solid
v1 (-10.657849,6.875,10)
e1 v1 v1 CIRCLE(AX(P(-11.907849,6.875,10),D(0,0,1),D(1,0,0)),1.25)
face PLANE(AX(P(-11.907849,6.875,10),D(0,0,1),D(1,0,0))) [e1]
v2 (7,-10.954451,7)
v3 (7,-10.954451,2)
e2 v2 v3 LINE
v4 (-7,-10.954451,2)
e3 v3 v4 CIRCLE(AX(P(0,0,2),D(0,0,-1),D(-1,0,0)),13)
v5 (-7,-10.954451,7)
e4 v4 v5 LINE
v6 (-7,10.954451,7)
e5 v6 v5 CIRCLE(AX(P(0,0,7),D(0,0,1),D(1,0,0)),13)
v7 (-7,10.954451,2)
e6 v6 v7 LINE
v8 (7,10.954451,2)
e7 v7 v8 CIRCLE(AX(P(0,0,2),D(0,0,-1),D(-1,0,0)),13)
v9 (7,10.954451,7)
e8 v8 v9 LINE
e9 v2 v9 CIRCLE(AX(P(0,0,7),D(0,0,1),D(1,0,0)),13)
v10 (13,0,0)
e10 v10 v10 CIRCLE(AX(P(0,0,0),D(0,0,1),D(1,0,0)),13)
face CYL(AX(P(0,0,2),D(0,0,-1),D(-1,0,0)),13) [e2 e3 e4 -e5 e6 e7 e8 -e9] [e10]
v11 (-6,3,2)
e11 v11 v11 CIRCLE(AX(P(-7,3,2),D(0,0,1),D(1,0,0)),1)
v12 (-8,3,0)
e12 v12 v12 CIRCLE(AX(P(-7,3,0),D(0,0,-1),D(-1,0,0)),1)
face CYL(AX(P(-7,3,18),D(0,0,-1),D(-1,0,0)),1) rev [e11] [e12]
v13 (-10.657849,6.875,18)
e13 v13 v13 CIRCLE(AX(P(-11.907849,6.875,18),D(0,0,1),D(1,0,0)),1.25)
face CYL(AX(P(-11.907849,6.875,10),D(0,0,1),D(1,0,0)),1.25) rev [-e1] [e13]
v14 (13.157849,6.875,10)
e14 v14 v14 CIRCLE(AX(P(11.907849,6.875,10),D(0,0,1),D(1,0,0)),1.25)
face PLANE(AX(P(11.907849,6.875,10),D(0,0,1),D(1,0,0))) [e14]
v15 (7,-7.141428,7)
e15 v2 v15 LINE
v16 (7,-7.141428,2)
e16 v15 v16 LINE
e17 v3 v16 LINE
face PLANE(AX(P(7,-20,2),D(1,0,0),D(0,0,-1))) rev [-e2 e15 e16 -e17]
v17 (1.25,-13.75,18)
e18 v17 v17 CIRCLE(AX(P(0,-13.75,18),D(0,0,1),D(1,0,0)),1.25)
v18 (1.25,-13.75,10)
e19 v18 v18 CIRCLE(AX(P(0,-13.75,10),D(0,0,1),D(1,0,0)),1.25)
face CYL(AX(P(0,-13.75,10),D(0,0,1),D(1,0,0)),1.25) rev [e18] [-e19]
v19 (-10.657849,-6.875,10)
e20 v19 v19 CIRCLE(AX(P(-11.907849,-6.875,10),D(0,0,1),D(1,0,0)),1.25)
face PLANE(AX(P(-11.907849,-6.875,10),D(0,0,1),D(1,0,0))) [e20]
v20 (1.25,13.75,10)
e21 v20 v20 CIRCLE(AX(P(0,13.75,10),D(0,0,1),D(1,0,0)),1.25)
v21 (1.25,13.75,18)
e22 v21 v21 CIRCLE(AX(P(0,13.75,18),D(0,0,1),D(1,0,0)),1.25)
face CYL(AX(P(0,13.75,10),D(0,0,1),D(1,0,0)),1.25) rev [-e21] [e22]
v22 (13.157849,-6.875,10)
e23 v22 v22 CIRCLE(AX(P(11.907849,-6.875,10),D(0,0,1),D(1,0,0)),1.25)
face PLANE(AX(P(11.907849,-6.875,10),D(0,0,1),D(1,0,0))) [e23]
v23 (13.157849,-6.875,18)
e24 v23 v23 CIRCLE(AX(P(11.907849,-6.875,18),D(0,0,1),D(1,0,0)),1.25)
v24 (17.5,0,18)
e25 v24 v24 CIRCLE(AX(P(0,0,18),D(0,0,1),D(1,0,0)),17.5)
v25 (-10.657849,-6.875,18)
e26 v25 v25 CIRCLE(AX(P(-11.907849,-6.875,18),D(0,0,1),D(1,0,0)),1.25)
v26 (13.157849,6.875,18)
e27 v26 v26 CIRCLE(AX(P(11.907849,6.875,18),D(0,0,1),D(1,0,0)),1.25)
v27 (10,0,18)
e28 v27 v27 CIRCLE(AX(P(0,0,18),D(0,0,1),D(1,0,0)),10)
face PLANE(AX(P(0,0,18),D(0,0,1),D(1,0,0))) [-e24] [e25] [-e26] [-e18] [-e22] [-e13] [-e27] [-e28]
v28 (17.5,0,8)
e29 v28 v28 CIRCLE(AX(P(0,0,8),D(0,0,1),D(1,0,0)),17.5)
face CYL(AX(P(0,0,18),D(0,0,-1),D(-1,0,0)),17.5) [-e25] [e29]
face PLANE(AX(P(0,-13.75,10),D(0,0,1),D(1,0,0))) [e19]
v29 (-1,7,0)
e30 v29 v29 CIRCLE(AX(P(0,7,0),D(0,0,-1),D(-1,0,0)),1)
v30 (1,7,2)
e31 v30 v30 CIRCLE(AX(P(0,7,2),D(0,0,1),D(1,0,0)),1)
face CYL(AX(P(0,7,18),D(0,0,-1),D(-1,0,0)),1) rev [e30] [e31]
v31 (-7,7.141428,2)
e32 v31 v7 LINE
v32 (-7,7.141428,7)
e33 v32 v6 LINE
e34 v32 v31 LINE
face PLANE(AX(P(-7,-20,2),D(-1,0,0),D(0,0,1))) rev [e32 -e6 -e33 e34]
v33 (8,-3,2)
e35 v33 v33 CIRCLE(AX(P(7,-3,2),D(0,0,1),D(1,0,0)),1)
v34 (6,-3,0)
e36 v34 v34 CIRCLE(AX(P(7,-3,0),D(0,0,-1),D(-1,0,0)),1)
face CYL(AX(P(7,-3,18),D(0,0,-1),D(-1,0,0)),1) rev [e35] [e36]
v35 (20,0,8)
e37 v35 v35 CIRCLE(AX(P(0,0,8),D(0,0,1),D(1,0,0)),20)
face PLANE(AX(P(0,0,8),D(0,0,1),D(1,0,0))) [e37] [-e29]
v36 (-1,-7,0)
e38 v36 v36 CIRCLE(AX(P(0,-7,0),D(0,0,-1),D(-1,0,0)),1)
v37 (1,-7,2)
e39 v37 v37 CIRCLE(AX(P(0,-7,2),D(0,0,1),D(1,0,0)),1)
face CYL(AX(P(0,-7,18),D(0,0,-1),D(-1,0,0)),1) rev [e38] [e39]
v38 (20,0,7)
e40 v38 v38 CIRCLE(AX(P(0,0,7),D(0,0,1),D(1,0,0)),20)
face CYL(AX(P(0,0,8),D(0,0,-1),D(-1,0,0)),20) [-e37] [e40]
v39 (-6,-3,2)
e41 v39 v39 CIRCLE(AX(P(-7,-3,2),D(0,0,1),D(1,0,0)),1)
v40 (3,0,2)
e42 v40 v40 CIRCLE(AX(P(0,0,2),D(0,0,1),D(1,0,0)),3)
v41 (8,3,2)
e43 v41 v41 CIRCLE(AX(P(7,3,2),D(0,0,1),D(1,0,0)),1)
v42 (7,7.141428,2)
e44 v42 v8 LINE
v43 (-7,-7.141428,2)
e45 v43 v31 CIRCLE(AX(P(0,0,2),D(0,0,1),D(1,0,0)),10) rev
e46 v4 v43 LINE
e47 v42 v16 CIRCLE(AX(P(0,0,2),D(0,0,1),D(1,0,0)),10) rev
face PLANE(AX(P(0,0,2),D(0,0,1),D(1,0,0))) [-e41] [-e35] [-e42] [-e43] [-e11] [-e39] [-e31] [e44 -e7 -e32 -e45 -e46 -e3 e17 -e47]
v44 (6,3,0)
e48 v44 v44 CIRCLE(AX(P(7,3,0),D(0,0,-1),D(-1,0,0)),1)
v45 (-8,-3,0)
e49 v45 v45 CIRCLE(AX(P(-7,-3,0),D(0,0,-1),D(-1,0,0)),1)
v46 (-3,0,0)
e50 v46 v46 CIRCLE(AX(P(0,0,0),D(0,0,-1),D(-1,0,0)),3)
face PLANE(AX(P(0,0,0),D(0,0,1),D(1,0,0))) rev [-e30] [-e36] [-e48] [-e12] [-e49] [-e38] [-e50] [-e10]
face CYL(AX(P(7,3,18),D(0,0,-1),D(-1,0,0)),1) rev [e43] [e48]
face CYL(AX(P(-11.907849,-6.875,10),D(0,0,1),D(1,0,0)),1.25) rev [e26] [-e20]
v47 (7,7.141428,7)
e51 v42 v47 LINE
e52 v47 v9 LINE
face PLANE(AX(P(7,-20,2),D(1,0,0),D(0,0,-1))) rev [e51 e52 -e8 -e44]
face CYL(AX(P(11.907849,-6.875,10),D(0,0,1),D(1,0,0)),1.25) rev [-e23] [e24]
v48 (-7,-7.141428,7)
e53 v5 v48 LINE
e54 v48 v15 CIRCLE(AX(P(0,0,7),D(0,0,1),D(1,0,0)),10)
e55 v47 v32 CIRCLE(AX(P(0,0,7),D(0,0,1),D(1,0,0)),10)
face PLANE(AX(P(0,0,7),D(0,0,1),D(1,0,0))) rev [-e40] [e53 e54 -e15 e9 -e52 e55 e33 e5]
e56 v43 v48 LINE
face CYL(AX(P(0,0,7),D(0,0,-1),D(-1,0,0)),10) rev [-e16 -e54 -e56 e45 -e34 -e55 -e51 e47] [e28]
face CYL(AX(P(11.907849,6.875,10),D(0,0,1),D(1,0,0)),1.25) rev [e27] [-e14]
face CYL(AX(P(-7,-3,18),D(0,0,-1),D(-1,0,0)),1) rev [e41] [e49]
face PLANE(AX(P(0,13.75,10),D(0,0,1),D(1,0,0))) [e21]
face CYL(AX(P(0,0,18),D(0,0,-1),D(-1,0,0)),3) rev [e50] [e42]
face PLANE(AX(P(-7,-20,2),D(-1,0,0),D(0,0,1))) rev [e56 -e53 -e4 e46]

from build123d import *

# Parameters (mm, degrees)
SKETCH_1_R               = 13
EXTRUDE_1_DEPTH          = 2
SKETCH_2_R               = 13
SKETCH_2_R_2             = 10
EXTRUDE_2_DEPTH          = 5
SKETCH_4_R               = 20
SKETCH_4_R_2             = 10
EXTRUDE_3_DEPTH          = 1
SKETCH_5_R               = 17.5
SKETCH_5_R_2             = 10
EXTRUDE_4_DEPTH          = 10
SKETCH_6_R               = 1.25
CUT_EXTRUDE_1_DEPTH      = 8
SKETCH_7_R               = 3
SKETCH_7_R_2             = 1
CUT_EXTRUDE_2_DEPTH      = 34.526109228
CUT_EXTRUDE_3_DEPTH      = 34.526109228
CUT_EXTRUDE_3_DEPTH_BACK = 34.526109228
SKETCH_8_W               = 14
SKETCH_8_H               = 5


with BuildPart() as part:
    # 스케치1 → 보스-돌출1 (new body)
    with BuildSketch(Plane.XY):
        Circle(SKETCH_1_R)
    extrude(amount=EXTRUDE_1_DEPTH)

    # 스케치2 → 보스-돌출2 (add)
    with BuildSketch(Plane.XY.offset(2)):
        Circle(SKETCH_2_R)
        Circle(SKETCH_2_R_2, mode=Mode.SUBTRACT)
    extrude(amount=EXTRUDE_2_DEPTH)

    # 스케치4 → 보스-돌출3 (add)
    with BuildSketch(Plane.XY.offset(7)):
        Circle(SKETCH_4_R)
        Circle(SKETCH_4_R_2, mode=Mode.SUBTRACT)
    extrude(amount=EXTRUDE_3_DEPTH)

    # 스케치5 → 보스-돌출4 (add)
    with BuildSketch(Plane.XY.offset(8)):
        Circle(SKETCH_5_R)
        Circle(SKETCH_5_R_2, mode=Mode.SUBTRACT)
    extrude(amount=EXTRUDE_4_DEPTH)

    # 스케치6 → 컷-돌출1 (cut)
    with BuildSketch(Plane.XY.offset(18)):
        with Locations((11.907849302, 6.875)):
            Circle(SKETCH_6_R)
        with Locations((11.907849302, -6.875)):
            Circle(SKETCH_6_R)
        with Locations((0, -13.75)):
            Circle(SKETCH_6_R)
        with Locations((-11.907849302, -6.875)):
            Circle(SKETCH_6_R)
        with Locations((-11.907849302, 6.875)):
            Circle(SKETCH_6_R)
        with Locations((0, 13.75)):
            Circle(SKETCH_6_R)
    extrude(amount=-CUT_EXTRUDE_1_DEPTH, mode=Mode.SUBTRACT)

    # 스케치7 → 컷-돌출2 (cut, through all)
    with BuildSketch(Plane(origin=(0, 0, 0), x_dir=(-1, 0, 0), z_dir=(0, 0, -1))):
        Circle(SKETCH_7_R)
        with Locations((0, 7)):
            Circle(SKETCH_7_R_2)
        with Locations((0, -7)):
            Circle(SKETCH_7_R_2)
        with Locations((-7, 3)):
            Circle(SKETCH_7_R_2)
        with Locations((-7, -3)):
            Circle(SKETCH_7_R_2)
        with Locations((7, 3)):
            Circle(SKETCH_7_R_2)
        with Locations((7, -3)):
            Circle(SKETCH_7_R_2)
    extrude(amount=-CUT_EXTRUDE_2_DEPTH, mode=Mode.SUBTRACT)

    # 스케치8 → 컷-돌출3 (cut, two sides: drawn at the far end of the back side and taken through both)
    with BuildSketch(Plane(origin=(0, 0, 0), x_dir=(1, 0, 0), z_dir=(0, 1, 0)).offset(-CUT_EXTRUDE_3_DEPTH_BACK)):
        with Locations((0, -4.5)):
            Rectangle(SKETCH_8_W, SKETCH_8_H)
    extrude(amount=CUT_EXTRUDE_3_DEPTH + CUT_EXTRUDE_3_DEPTH_BACK, mode=Mode.SUBTRACT)


solid = part.part
